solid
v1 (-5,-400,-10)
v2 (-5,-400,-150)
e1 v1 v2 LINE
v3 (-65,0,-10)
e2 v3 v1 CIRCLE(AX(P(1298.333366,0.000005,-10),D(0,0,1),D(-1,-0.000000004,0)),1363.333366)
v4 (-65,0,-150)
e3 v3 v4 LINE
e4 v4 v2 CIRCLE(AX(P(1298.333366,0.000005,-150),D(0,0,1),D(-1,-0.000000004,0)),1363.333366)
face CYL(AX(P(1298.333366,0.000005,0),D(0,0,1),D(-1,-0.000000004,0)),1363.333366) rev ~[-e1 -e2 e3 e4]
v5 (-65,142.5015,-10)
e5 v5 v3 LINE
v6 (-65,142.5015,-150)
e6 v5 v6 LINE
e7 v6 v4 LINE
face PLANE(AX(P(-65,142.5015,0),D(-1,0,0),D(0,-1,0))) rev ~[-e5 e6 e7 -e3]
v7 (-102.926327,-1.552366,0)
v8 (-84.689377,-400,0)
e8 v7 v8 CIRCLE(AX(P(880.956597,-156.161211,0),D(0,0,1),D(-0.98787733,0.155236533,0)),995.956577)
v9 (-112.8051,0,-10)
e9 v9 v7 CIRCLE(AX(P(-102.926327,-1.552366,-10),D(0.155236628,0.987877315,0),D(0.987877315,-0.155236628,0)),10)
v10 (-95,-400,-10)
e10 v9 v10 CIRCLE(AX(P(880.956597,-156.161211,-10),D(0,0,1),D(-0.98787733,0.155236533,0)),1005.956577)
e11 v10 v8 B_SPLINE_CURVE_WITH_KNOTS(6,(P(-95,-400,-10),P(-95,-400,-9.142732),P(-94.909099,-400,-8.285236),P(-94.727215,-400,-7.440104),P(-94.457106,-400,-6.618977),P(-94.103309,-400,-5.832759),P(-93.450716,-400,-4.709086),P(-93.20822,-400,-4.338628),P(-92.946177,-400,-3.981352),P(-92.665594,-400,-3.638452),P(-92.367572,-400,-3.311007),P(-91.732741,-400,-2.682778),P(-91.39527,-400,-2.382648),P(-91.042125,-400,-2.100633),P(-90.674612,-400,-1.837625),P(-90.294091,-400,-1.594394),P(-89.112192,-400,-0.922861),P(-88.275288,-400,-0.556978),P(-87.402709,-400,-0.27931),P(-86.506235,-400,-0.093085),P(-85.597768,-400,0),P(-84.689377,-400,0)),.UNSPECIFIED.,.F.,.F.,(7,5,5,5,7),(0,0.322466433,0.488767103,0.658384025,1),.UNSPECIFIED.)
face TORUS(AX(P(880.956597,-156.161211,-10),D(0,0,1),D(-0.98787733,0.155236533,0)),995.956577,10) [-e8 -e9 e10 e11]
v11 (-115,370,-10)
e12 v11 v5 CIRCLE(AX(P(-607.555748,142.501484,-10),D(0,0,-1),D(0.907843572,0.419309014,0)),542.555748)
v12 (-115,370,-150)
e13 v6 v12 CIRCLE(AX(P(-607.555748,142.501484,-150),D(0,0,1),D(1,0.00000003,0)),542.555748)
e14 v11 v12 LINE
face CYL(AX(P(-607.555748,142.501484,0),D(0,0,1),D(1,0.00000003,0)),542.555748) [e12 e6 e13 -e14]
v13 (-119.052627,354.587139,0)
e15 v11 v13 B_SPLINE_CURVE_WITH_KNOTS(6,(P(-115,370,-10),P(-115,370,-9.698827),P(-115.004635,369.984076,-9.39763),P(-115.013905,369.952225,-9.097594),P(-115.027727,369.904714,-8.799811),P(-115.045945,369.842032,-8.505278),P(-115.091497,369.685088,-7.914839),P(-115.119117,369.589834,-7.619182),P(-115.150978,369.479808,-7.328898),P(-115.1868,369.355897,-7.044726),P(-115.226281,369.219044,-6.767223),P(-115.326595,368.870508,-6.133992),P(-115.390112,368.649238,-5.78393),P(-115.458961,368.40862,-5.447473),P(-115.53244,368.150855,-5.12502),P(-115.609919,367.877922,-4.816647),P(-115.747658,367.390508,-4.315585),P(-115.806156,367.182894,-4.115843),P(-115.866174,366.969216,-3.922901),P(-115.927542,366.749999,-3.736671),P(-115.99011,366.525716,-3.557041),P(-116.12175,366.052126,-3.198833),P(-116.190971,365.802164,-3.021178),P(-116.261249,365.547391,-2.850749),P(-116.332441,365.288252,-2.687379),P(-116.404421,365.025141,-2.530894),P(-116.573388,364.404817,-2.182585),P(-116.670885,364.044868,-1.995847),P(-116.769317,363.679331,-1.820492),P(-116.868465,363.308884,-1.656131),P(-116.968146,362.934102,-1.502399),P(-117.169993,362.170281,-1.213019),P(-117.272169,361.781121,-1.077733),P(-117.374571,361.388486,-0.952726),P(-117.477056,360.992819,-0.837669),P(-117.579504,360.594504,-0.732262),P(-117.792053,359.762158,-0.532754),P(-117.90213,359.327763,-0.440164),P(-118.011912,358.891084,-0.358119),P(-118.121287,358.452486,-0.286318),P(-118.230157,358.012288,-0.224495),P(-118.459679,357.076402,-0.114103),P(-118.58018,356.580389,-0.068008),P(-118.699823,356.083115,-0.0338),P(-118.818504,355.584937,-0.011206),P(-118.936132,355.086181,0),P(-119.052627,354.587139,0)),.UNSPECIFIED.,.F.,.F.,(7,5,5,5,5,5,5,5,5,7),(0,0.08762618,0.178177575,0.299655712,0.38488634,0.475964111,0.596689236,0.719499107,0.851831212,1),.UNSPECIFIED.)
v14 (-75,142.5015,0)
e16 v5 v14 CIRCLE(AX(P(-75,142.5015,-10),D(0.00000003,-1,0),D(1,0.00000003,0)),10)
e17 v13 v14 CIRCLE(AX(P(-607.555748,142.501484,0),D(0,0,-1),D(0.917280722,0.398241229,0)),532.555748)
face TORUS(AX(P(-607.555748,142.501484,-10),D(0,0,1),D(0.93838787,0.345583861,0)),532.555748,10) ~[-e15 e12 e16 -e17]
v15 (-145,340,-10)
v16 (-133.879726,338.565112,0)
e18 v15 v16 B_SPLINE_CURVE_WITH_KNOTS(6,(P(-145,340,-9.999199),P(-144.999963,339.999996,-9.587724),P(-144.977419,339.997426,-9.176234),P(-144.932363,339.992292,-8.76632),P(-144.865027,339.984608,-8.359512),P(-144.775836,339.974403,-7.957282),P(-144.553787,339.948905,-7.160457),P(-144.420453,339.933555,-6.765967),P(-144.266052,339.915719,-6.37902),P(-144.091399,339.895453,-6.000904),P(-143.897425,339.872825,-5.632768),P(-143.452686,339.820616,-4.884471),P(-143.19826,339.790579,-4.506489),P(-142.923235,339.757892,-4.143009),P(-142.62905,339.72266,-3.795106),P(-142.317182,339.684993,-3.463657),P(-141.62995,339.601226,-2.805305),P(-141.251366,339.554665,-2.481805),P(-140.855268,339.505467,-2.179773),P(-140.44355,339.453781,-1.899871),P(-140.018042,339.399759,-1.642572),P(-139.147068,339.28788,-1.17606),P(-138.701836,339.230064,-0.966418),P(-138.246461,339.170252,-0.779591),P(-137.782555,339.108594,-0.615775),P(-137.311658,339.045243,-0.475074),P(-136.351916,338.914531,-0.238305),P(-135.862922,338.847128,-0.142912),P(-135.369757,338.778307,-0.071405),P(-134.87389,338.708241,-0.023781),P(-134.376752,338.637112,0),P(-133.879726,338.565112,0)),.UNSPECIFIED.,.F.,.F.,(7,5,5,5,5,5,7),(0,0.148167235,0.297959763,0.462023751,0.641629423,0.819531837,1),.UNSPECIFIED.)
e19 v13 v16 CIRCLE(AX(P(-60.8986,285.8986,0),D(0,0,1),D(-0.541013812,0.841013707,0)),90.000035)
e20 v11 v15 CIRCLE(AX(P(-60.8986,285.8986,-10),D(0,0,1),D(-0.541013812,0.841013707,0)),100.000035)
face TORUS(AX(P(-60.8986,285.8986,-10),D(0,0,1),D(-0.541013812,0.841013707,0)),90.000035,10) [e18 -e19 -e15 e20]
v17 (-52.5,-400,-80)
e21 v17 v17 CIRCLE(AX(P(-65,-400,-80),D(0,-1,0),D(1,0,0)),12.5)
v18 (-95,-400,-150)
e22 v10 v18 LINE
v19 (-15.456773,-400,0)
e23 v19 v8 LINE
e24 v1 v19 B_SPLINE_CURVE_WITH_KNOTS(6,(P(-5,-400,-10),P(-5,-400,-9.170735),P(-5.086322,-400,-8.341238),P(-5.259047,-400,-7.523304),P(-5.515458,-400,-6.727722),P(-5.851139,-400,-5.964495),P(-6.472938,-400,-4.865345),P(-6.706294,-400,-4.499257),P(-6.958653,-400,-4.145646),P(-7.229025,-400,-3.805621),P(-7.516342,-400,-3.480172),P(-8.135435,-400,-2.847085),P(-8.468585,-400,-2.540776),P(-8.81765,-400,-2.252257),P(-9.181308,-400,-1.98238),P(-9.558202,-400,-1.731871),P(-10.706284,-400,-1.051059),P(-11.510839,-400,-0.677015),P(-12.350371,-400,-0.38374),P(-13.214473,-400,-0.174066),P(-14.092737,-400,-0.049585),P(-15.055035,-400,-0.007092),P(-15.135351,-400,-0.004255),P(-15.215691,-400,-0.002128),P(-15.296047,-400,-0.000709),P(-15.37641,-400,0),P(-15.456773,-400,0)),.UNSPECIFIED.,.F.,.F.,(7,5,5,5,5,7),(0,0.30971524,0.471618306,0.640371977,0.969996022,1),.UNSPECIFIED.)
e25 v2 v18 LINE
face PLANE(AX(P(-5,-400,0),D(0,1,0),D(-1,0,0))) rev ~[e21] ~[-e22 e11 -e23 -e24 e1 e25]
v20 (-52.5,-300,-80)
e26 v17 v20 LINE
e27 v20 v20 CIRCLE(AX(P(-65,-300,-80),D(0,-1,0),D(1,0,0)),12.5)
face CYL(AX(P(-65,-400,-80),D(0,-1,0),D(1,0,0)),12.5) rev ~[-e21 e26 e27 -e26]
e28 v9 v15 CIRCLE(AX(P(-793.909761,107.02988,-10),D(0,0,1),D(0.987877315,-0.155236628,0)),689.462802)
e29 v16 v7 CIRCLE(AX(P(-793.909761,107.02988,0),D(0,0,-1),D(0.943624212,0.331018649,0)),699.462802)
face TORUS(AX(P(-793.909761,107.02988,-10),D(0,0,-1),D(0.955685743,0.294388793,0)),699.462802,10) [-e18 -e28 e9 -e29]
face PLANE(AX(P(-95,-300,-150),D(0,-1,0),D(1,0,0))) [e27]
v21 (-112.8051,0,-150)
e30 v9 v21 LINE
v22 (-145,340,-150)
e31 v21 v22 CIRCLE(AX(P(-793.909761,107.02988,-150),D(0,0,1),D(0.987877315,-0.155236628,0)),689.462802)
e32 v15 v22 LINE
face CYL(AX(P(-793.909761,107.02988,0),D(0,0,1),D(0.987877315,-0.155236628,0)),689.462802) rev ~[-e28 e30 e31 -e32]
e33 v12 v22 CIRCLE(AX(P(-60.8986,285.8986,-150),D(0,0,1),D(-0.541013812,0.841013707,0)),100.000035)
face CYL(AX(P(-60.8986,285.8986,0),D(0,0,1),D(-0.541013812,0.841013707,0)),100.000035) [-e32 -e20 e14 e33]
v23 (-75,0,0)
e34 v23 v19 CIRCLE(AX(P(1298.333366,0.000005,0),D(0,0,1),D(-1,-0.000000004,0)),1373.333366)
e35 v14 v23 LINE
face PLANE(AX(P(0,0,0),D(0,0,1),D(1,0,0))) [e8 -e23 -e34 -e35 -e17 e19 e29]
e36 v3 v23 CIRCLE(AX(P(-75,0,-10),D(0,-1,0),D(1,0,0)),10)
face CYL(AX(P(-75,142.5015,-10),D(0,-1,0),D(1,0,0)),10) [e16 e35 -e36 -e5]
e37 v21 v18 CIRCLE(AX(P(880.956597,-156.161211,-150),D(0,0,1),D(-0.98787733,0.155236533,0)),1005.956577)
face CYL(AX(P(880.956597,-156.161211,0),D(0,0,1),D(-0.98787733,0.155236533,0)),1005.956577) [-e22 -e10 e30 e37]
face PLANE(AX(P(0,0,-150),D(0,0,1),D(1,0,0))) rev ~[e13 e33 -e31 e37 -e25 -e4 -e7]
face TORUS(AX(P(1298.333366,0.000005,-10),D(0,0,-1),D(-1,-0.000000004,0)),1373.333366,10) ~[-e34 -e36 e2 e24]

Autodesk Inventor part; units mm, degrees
ref_plane "YZ Plane" through (0, 0, 0) normal (1, 0, 0) x (0, 1, 0)
ref_plane "XZ Plane" through (0, 0, 0) normal (0, 1, 0) x (-1, 0, 0)
ref_plane "XY Plane" through (0, 0, 0) normal (0, 0, 1) x (1, 0, 0)
sketch "Skizze3" plane through (0, 0, 0) normal (0, 0, 1) x (1, 0, 0)
  line L0 (-225, 400) -> (225, 400)
  line L1 (225, 400) -> (225, -400)
  line L2 (225, -400) -> (-225, -400)
  line L3 (-225, -400) -> (-225, 400)
  arc A0 (-195.1149, 0) -> (-225, -400) centre (2466.8593, -400) ccw
  arc A1 (-195.1149, 0) -> (-195, 270) centre (-1096.0822, 135.3833) ccw
  arc A2 (225, -400) -> (191.0498, 0) centre (-2148.3658, -400) ccw
  arc A3 (195, 400) -> (191.0498, 0) centre (1296.9948, 189.0977) ccw
  arc A4 (195, 400) -> (-98.428, 330) centre (195, -250) ccw
  arc A5 (-112.8051, 0) -> (-95, -400) centre (880.9564, -156.1612) ccw
  arc A6 (-112.8051, 0) -> (-145, 340) centre (-793.9104, 107.0299) ccw
  arc A7 (-135, 310) -> (-195, 270) centre (195, -250) ccw
  arc A8 (-65, 0) -> (-5, -400) centre (1298.3333, 0) ccw
  arc A9 (-98.428, 330) -> (-135, 310) centre (195, -250) ccw construction
  line L4 (-65, 0) -> (-65, 238.5671) construction
  arc A10 (-65, 142.5015) -> (-115, 370) centre (-607.5556, 142.5015) ccw
  line L5 (-65, 142.5015) -> (-65, 0)
  arc A11 (-115, 370) -> (-145, 340) centre (-60.8986, 285.8986) ccw
  arc A12 (-98.428, 330) -> (-225, 400) centre (-144761.9711, -261097.0223) ccw construction
  arc A13 (175.6814, 150) -> (-98.428, 330) centre (-1149.0878, -1568.6875) ccw construction
  point P0 (0, 0)
  point P1 (-225.0722, 0)
  point P2 (0, 400.05)
  point P3 (-225, 0)
  point P4 (0, 400)
  dimension "d5" = 800
  dimension "d8" = 450
  dimension "d9" = 670
  dimension "d10" = 30
  dimension "d11" = 40
  dimension "d12" = 30
  dimension "d14" = 50
  dimension "d16" = 130
  dimension "d18" = 90
  dimension "d19" = 740
  dimension "d21" = 90
  dimension "d22" = 230
  dimension "d23" = 140
  dimension "d26" = 100
  dimension "d28" = 730
  dimension "d34" = 160
  dimension "d35" = 30
  dimension "d36" = 770
  dimension "d38" = 100
  dimension "d51" = 323.428
  dimension "d52" = 250
  dimension "d53" = 2170
extrude "Extrusion3" add sketch "Skizze3" against normal blind 150 contours A10 L5 A8 L2 A5 A6 A11
fillet "Rundung1" radius 10 8 edges at (-65, 71.2508, 0) (-49.9166, -202.2375, 0) (-106.3148, 350.1654, 0) (-73.4224, 237.729, 0) (-124.0049, -200.8948, 0) (-106.2073, 156.2669, 0) (-139.828, 325.0573, 0) (-131.6093, 356.6093, 0)
sketch "Skizze8" plane through (-95, -400, -150) normal (0, -1, 0) x (1, 0, 0)
  line L0 (0, 140) -> (0, 0) projected
  line L1 (90, 0) -> (0, 0) projected
  circle A0 centre (30, 70) radius 12.5
  point P0 (95, 150)
  dimension "d62" = 25
  dimension "d63" = 70
  dimension "d64" = 30
extrude "Extrusion4" cut sketch "Skizze8" against normal blind 100
properties part number "UA-70 Denkmal2"
